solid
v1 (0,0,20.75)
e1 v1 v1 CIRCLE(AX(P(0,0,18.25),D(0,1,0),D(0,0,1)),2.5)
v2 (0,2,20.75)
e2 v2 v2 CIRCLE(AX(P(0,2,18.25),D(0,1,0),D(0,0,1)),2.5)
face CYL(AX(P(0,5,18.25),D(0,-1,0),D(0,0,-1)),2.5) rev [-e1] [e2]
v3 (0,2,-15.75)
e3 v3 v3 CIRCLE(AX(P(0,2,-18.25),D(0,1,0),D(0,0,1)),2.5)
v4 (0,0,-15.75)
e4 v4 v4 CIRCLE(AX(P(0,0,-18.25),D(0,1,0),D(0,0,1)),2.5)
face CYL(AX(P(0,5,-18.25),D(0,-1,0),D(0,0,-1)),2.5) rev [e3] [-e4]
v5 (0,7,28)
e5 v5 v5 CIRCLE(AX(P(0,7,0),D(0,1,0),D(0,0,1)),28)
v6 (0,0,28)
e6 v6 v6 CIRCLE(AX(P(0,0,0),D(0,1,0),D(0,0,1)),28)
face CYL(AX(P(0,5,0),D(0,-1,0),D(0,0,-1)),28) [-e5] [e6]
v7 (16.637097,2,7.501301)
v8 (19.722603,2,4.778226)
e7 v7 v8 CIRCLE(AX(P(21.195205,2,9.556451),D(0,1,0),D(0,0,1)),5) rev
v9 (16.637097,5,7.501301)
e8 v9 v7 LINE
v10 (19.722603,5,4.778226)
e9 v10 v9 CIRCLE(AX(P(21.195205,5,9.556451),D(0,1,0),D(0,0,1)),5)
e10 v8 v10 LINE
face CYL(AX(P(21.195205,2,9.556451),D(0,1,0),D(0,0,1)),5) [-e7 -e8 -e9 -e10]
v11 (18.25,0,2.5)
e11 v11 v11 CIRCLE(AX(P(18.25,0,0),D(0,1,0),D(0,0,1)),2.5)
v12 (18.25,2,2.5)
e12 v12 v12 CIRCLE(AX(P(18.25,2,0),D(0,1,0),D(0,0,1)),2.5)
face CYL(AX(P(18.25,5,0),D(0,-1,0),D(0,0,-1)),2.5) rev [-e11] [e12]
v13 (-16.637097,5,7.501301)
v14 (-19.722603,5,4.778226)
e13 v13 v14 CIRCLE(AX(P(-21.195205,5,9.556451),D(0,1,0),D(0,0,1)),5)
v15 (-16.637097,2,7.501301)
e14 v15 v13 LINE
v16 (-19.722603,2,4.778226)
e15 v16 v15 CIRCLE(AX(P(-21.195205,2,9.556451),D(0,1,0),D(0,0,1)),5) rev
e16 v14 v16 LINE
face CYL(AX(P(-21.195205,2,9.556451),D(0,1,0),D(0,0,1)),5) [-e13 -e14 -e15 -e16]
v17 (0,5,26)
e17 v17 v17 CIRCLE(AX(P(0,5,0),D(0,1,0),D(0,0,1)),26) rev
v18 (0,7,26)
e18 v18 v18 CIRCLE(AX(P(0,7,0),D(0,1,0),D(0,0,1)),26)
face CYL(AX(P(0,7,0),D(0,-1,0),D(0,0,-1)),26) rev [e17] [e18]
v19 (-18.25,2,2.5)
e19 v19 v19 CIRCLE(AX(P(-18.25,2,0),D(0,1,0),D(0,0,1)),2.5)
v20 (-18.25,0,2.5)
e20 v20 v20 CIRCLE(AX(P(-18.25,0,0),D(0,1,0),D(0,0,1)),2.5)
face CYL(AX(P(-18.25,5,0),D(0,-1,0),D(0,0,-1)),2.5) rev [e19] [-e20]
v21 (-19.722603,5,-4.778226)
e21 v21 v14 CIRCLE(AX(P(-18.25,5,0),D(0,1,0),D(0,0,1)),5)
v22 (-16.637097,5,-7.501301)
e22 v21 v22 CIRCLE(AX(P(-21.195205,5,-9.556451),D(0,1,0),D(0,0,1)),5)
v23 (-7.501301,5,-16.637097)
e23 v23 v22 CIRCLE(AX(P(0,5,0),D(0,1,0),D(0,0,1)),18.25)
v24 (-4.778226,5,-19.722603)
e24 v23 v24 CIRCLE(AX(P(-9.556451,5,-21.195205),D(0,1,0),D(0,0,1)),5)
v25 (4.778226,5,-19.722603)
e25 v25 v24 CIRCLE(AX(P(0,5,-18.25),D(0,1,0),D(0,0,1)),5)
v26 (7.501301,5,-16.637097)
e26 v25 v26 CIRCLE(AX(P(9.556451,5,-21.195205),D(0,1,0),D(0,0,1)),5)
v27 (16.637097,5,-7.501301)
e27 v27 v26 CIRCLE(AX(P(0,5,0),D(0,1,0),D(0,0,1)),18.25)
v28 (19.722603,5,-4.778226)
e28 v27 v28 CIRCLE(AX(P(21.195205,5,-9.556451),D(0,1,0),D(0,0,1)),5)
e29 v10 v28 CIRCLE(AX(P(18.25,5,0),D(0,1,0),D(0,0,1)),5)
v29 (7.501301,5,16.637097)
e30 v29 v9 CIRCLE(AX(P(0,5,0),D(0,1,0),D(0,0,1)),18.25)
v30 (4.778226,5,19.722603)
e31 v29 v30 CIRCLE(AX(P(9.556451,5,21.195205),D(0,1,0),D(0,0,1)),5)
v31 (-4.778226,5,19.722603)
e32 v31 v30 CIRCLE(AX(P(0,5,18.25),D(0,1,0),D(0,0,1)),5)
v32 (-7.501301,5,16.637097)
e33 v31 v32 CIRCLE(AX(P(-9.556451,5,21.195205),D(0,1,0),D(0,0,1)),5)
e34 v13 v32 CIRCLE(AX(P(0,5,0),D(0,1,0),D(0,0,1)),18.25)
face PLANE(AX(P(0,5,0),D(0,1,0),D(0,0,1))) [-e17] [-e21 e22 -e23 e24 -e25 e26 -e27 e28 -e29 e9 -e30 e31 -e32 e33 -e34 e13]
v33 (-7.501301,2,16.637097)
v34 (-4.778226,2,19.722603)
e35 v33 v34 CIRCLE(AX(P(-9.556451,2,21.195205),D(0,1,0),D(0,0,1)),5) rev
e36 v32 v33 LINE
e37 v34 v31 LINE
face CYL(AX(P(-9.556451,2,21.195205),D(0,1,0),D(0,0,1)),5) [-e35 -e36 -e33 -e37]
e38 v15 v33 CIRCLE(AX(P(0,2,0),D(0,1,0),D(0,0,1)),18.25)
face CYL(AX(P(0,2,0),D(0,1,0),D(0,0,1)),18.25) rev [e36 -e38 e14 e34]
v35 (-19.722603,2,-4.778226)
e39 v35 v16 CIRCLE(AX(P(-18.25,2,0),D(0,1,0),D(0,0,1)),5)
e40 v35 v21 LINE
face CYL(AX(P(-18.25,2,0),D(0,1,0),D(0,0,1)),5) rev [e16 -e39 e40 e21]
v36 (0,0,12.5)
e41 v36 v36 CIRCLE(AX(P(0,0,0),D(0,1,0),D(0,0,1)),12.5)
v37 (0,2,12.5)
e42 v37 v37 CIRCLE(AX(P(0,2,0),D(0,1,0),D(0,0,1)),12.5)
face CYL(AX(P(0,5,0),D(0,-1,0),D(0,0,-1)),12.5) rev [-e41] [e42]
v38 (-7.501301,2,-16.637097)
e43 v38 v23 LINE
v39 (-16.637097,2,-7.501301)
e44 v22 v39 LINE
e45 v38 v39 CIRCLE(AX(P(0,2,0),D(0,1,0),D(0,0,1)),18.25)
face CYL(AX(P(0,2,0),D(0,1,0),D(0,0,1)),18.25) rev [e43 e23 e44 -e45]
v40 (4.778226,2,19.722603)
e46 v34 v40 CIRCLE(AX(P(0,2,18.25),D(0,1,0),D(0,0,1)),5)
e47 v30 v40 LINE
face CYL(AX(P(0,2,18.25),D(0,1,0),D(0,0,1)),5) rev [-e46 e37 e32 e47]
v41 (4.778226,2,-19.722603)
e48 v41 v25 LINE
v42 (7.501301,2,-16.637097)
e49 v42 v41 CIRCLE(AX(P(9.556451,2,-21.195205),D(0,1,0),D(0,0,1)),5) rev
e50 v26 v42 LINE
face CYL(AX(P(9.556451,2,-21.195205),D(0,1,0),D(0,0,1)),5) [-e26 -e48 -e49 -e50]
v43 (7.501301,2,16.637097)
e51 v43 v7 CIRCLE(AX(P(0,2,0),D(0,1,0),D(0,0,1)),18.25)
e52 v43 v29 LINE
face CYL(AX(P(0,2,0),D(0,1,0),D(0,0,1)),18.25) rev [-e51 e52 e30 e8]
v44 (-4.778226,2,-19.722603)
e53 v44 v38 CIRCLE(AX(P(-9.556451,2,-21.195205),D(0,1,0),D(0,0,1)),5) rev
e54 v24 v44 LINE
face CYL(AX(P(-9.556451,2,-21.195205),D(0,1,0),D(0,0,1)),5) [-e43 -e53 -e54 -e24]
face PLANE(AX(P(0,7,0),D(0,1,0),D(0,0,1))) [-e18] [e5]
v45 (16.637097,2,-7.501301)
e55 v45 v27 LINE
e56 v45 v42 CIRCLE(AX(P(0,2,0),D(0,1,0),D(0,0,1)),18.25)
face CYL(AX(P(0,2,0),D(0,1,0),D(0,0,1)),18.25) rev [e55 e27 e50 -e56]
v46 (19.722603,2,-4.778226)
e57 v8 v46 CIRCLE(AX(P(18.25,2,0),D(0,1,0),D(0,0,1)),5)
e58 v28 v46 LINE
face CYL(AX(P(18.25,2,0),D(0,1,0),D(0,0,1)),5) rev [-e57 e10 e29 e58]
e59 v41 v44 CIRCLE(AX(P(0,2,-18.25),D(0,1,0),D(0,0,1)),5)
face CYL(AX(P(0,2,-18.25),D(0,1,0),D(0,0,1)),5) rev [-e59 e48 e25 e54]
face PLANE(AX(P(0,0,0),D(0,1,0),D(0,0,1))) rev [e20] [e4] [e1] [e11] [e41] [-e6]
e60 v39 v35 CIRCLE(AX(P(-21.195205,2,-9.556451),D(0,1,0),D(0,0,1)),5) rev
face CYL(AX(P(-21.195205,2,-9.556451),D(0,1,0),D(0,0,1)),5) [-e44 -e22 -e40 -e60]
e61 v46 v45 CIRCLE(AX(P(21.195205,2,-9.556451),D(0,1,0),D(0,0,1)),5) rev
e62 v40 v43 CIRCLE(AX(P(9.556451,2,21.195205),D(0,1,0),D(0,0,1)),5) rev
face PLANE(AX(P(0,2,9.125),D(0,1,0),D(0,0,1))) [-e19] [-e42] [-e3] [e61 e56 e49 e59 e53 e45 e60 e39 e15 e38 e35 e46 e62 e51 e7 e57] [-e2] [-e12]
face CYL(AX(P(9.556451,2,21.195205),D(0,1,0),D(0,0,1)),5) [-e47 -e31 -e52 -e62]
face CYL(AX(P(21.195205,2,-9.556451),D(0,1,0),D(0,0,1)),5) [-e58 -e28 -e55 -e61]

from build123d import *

# Parameters (mm, degrees)
SKETCH1_R           = 28
SKETCH1_R_2         = 12.5
SKETCH1_R_3         = 2.5
BOSS_EXTRUDE1_DEPTH = 5
SKETCH2_R           = 28
SKETCH2_R_2         = 26
BOSS_EXTRUDE2_DEPTH = 2
CUT_EXTRUDE1_DEPTH  = 3
FILLET1_R           = 5


with BuildPart() as part:
    # Sketch1 → Boss-Extrude1 (new body)
    with BuildSketch(Plane(origin=(0, 0, 0), x_dir=(1, 0, 0), z_dir=(0, 1, 0))):
        with Locations(Location((0, 0, 0), (0, 0, 270))):
            Circle(SKETCH1_R)
        with Locations(Location((0, 0, 0), (0, 0, 270))):
            Circle(SKETCH1_R_2, mode=Mode.SUBTRACT)
        with Locations(Location((18.25, 0, 0), (0, 0, 270))):
            Circle(SKETCH1_R_3, mode=Mode.SUBTRACT)
        with Locations(Location((0, -18.25, 0), (0, 0, 270))):
            Circle(SKETCH1_R_3, mode=Mode.SUBTRACT)
        with Locations(Location((-18.25, 0, 0), (0, 0, 270))):
            Circle(SKETCH1_R_3, mode=Mode.SUBTRACT)
        with Locations(Location((0, 18.25, 0), (0, 0, 270))):
            Circle(SKETCH1_R_3, mode=Mode.SUBTRACT)
    extrude(amount=BOSS_EXTRUDE1_DEPTH)

    # Sketch2 → Boss-Extrude2 (add)
    with BuildSketch(Plane(origin=(0, 5, 0), x_dir=(1, 0, 0), z_dir=(0, 1, 0))):
        with Locations(Location((0, 0, 0), (0, 0, 270))):
            Circle(SKETCH2_R)
        with Locations(Location((0, 0, 0), (0, 0, 270))):
            Circle(SKETCH2_R_2, mode=Mode.SUBTRACT)
    extrude(amount=BOSS_EXTRUDE2_DEPTH)

    # Sketch4 → Cut-Extrude1 (cut)
    with BuildSketch(Plane(origin=(0, 5, 0), x_dir=(1, 0, 0), z_dir=(0, 1, 0))):
        with BuildLine():
            ThreePointArc((4.95286471, 17.565068493), (0, 23.25), (-4.95286471, 17.565068493))
            ThreePointArc((-4.95286471, 17.565068493), (-12.904698757, 12.904698757), (-17.565068493, 4.95286471))
            ThreePointArc((-17.565068493, 4.95286471), (-23.25, 0), (-17.565068493, -4.95286471))
            ThreePointArc((-17.565068493, -4.95286471), (-12.904698757, -12.904698757), (-4.95286471, -17.565068493))
            ThreePointArc((-4.95286471, -17.565068493), (0, -23.25), (4.95286471, -17.565068493))
            ThreePointArc((4.95286471, -17.565068493), (12.904698757, -12.904698757), (17.565068493, -4.95286471))
            ThreePointArc((17.565068493, -4.95286471), (23.25, 0), (17.565068493, 4.95286471))
            ThreePointArc((17.565068493, 4.95286471), (12.904698757, 12.904698757), (4.95286471, 17.565068493))
        make_face()
    extrude(amount=-CUT_EXTRUDE1_DEPTH, mode=Mode.SUBTRACT)

    # Fillet1
    fillet1_edges = [part.edges().sort_by_distance(p)[0] for p in [
        (-4.95286471, 3.5, 17.565068493),
        (-17.565068493, 3.5, 4.95286471),
        (-17.565068493, 3.5, -4.95286471),
        (-4.95286471, 3.5, -17.565068493),
        (4.95286471, 3.5, -17.565068493),
        (17.565068493, 3.5, -4.95286471),
        (17.565068493, 3.5, 4.95286471),
        (4.95286471, 3.5, 17.565068493),
    ]]
    fillet(fillet1_edges, radius=FILLET1_R)


solid = part.part
